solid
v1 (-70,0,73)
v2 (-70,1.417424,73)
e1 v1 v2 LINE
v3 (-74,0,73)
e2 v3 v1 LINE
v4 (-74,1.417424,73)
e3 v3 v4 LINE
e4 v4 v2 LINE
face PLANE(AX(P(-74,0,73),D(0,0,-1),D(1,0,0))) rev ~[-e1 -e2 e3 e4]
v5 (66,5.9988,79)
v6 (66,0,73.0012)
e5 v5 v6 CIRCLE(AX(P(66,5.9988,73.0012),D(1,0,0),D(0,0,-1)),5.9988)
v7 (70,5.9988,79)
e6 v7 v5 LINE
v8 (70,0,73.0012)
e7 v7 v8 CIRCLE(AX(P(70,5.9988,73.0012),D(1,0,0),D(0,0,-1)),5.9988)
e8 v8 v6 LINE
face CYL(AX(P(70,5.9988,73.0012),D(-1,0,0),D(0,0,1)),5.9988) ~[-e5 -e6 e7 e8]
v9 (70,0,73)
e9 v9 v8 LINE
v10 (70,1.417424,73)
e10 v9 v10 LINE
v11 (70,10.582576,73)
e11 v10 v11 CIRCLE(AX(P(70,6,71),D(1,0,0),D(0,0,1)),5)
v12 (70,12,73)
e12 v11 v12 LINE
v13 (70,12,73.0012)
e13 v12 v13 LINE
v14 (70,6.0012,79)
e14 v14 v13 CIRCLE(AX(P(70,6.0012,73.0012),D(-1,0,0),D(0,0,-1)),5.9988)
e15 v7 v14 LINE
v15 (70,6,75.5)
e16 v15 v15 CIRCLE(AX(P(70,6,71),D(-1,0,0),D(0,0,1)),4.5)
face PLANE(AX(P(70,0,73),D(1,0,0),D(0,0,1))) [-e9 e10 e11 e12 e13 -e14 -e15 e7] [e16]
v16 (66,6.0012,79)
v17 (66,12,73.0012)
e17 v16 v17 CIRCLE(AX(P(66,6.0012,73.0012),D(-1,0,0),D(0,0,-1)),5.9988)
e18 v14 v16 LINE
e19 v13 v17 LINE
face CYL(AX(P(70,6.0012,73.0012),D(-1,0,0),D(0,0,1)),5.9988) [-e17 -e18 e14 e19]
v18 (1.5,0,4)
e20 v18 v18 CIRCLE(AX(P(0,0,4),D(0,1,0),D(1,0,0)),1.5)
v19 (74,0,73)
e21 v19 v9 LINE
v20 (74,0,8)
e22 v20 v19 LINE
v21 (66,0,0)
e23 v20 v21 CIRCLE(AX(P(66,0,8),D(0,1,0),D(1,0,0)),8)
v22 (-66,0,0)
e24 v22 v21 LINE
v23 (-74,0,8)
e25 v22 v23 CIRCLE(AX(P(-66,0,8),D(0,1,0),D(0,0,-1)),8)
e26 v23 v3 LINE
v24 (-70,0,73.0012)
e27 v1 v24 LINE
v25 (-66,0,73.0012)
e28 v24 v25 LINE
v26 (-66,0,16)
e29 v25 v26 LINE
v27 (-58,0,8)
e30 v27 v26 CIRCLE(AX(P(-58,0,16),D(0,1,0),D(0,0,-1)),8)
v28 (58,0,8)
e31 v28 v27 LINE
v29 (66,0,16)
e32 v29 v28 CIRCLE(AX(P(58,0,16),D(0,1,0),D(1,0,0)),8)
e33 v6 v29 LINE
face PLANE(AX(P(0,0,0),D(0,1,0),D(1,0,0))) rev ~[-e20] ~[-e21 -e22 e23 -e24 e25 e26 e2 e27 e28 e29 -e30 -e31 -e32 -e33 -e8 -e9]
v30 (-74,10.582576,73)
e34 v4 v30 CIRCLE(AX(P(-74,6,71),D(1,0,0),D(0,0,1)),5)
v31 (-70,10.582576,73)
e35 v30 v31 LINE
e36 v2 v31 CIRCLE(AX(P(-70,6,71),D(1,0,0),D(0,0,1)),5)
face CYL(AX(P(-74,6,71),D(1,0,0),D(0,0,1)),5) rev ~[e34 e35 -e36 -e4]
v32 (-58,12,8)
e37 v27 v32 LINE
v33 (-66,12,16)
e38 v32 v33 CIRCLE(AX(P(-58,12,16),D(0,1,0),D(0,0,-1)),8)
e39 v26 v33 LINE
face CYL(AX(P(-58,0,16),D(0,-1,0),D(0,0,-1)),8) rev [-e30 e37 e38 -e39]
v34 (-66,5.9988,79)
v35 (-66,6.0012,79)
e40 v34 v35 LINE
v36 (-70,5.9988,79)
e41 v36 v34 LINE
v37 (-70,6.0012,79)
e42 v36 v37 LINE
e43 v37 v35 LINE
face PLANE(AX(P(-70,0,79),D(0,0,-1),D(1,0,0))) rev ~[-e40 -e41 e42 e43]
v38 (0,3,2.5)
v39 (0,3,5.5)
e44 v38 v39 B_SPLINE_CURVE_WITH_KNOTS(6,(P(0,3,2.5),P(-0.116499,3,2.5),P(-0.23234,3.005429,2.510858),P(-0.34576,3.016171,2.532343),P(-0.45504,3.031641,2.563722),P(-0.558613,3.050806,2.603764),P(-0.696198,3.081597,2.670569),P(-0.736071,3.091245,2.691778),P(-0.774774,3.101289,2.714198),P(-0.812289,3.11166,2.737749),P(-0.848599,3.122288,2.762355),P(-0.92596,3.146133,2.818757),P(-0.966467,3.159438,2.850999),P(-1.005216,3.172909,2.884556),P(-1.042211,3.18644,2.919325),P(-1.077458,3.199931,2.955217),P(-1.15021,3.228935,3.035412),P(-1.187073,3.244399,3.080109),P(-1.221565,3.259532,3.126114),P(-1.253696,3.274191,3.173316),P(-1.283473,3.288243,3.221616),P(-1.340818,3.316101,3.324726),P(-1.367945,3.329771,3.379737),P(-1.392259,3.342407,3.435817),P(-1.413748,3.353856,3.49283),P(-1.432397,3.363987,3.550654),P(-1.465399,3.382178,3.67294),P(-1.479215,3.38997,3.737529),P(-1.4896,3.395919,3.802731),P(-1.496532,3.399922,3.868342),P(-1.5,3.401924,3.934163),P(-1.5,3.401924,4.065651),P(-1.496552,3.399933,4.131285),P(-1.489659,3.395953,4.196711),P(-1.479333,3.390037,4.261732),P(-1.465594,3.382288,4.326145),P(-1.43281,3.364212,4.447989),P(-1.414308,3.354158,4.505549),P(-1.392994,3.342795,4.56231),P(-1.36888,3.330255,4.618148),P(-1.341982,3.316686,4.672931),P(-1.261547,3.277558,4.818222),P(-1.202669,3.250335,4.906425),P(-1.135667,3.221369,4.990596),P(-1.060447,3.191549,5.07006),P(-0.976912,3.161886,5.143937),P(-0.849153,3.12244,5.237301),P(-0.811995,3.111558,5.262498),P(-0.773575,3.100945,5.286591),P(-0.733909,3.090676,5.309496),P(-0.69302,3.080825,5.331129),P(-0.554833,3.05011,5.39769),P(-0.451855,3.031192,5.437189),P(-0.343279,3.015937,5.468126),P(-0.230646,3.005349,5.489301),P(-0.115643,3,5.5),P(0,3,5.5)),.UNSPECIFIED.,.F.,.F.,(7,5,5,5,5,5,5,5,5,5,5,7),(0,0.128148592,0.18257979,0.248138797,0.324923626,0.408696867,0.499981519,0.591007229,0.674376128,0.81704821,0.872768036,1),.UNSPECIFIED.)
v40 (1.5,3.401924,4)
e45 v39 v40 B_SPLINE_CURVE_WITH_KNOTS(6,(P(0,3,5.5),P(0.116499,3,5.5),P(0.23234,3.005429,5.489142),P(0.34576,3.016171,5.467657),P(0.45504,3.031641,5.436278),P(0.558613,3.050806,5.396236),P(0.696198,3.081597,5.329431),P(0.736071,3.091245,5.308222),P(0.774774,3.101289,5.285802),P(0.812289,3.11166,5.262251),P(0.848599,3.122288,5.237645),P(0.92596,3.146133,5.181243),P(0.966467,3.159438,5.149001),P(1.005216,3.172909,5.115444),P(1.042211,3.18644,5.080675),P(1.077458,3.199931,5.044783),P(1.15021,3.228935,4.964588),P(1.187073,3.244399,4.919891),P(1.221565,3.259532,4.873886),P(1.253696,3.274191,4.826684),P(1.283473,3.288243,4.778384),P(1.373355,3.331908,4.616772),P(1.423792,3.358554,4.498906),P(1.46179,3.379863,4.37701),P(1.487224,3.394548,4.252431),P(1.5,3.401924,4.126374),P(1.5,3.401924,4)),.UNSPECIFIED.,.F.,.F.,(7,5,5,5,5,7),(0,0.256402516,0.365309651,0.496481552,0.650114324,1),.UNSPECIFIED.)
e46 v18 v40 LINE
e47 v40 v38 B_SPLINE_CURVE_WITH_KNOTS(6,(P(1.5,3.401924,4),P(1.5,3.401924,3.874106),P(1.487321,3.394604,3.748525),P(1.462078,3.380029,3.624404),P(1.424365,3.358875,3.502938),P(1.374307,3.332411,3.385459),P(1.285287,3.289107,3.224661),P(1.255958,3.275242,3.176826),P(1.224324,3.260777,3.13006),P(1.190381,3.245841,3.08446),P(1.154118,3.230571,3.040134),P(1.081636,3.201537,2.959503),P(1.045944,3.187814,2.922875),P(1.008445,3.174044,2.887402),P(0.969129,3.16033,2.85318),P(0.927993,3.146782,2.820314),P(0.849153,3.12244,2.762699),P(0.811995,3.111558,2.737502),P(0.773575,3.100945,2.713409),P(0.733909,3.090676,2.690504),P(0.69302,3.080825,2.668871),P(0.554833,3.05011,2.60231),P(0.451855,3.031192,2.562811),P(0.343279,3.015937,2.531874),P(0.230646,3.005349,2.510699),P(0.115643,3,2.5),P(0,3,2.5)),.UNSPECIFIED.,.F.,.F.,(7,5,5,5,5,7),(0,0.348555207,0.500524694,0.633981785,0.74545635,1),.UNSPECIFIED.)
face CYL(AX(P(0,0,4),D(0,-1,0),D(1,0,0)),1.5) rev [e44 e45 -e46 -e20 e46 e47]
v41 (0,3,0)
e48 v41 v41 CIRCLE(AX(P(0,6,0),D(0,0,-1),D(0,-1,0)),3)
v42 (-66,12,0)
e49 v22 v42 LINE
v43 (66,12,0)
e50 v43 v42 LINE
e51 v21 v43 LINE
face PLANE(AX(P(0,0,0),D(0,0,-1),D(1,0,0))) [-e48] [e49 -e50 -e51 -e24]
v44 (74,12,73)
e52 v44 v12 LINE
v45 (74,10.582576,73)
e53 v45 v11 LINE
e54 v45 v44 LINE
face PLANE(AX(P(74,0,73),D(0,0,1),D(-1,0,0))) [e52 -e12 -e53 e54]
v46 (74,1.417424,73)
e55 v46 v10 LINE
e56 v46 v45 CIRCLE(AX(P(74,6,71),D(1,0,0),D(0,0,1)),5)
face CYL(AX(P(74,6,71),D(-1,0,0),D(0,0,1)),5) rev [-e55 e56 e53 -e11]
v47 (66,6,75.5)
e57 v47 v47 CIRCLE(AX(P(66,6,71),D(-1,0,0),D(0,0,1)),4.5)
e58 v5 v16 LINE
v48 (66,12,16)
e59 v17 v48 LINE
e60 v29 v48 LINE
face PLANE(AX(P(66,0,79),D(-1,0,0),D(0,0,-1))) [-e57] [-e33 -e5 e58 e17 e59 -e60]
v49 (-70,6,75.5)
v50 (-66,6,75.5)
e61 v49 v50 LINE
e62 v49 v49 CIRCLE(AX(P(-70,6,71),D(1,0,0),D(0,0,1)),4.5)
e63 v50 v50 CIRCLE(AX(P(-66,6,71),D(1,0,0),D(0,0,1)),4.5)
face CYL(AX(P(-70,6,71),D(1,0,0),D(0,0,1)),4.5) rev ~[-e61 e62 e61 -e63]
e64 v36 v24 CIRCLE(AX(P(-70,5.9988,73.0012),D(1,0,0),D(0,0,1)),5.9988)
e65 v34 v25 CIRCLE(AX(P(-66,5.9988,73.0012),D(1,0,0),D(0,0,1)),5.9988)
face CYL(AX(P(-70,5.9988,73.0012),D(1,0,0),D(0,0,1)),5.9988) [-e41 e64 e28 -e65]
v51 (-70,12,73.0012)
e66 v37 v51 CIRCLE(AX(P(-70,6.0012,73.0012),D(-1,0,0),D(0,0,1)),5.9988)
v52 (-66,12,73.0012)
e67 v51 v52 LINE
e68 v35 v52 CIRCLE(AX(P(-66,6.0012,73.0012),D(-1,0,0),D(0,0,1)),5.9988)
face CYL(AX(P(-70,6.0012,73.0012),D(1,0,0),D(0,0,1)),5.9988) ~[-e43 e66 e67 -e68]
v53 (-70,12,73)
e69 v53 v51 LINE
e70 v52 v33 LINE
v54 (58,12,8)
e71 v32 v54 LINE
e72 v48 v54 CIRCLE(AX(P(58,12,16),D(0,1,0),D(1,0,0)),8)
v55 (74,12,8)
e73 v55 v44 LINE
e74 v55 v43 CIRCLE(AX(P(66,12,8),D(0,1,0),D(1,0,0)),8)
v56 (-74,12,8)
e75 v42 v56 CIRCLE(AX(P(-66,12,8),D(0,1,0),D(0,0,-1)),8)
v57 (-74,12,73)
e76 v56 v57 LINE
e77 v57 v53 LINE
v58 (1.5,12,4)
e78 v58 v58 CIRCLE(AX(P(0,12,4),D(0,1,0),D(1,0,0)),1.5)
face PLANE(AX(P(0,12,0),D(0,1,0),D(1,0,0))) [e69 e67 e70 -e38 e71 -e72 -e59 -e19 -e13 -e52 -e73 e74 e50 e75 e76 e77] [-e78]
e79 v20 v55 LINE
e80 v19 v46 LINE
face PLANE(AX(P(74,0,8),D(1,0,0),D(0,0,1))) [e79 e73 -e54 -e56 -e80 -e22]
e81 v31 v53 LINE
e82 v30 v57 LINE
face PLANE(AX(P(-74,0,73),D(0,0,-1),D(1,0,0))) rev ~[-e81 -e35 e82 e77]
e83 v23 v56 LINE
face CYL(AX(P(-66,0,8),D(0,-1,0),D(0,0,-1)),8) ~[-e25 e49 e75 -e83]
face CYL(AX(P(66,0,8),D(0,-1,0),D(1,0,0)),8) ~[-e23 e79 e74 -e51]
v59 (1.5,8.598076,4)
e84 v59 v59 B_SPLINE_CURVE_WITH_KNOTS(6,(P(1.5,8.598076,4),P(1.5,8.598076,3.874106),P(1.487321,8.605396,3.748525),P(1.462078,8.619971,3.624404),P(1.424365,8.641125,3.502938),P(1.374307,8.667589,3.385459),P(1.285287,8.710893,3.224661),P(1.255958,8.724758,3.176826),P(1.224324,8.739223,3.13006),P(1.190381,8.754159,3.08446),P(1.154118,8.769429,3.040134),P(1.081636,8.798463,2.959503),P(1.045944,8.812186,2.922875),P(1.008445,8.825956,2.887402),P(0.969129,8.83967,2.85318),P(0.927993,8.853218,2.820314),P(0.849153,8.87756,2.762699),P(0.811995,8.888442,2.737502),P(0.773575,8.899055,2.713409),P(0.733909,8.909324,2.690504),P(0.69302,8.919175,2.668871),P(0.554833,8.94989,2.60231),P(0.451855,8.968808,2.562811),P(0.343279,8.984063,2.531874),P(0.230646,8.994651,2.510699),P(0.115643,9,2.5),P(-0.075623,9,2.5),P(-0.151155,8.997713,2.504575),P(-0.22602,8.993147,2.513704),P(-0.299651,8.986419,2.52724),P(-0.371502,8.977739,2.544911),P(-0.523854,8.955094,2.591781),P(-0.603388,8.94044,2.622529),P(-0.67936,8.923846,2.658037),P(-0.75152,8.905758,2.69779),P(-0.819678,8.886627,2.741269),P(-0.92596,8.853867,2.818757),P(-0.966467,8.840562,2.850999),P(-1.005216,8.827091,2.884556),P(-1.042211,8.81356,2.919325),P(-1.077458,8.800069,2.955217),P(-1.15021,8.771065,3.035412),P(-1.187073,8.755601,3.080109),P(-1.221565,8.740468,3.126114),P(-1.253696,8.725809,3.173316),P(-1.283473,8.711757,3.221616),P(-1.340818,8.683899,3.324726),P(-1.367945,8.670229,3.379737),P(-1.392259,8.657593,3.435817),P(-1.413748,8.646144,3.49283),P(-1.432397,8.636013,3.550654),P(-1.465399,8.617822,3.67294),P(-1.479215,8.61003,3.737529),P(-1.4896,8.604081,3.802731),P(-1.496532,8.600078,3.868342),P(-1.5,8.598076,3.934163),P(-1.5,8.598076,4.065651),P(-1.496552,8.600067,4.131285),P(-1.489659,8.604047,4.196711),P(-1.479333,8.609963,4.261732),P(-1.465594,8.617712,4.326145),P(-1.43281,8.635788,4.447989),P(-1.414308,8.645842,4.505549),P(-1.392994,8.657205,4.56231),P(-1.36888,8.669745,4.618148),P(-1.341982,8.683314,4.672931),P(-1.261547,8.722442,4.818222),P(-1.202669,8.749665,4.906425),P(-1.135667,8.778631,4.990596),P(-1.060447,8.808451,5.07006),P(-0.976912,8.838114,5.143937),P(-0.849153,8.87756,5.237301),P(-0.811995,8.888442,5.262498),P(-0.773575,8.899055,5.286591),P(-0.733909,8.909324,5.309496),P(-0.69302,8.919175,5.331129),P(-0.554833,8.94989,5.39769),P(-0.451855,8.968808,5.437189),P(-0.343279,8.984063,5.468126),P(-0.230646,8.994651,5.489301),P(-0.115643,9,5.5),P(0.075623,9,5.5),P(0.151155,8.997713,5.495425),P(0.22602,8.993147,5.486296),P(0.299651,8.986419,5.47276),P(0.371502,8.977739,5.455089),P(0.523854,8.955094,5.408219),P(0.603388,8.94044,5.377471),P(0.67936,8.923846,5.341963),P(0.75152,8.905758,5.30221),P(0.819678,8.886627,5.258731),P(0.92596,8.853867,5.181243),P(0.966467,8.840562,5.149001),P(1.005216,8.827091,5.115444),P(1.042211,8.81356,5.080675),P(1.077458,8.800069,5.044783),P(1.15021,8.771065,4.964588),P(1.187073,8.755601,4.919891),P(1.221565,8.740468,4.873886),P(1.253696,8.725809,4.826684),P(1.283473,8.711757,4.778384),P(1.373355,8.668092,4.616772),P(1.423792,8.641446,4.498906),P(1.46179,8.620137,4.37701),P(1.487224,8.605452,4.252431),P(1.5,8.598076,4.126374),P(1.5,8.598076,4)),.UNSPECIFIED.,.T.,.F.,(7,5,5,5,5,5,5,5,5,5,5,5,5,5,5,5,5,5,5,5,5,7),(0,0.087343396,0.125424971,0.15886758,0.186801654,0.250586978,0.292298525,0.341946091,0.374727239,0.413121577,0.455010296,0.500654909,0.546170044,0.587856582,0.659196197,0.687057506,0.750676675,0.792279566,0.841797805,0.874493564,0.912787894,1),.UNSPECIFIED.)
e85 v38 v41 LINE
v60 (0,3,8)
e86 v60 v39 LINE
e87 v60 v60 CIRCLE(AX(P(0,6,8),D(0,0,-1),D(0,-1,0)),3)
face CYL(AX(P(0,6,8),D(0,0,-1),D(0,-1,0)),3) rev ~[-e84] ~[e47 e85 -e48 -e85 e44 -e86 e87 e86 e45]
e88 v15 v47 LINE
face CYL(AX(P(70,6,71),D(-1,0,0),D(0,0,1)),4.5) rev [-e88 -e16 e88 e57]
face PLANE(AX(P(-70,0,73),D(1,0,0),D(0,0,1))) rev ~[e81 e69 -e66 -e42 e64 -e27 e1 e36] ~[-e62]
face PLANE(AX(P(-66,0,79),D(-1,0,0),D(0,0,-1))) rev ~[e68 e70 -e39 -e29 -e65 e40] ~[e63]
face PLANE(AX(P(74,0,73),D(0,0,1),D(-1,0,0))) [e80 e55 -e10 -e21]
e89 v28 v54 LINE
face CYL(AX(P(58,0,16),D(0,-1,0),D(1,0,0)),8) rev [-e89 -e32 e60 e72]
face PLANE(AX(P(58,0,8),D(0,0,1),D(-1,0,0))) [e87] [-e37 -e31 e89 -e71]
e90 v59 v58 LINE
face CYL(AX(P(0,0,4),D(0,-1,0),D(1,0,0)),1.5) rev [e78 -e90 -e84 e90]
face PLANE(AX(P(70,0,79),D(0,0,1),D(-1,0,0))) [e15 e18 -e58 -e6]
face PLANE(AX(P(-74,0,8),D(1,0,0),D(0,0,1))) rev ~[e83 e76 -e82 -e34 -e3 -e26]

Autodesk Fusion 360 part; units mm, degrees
sketch "Sketch1" plane through (0, 0, 0) normal (0, 1, 0) x (1, 0, 0)
  line L0 (0, 0) -> (66, 0)
  line L1 (0, 0) -> (0, -8) construction
  line L2 (74, -8) -> (74, -73)
  line L3 (74, -73) -> (70, -73)
  line L4 (70, -73) -> (70, -79)
  line L5 (70, -79) -> (66, -79)
  line L6 (66, -79) -> (66, -16)
  line L7 (58, -8) -> (0, -8)
  arc A0 (66, -16) -> (58, -8) centre (58, -16) ccw
  arc A1 (74, -8) -> (66, 0) centre (66, -8) ccw
  line L8 (-58, -8) -> (0, -8)
  line L9 (0, 0) -> (-66, 0)
  arc A2 (-66, 0) -> (-74, -8) centre (-66, -8) ccw
  line L10 (-74, -8) -> (-74, -73)
  arc A3 (-58, -8) -> (-66, -16) centre (-58, -16) ccw
  line L11 (-66, -79) -> (-66, -16)
  line L12 (-70, -79) -> (-66, -79)
  line L13 (-70, -73) -> (-70, -79)
  line L14 (-74, -73) -> (-70, -73)
  circle A4 centre (0, -4) radius 1.5
  point P0 (74, 0)
  point P1 (66, -8)
  dimension "d1" = 74
  dimension "d2" = 8
  dimension "d3" = 73
  dimension "d4" = 4
  dimension "d5" = 6
  dimension "d6" = 4
  dimension "d7" = 71
  dimension "d8" = 8
  dimension "d9" = 8
  dimension "d10" = 3
extrude "Extrude1" add sketch "Sketch1" along normal blind 12
fillet "Fillet1" radius 6 4 edges at (68, 12, 79) (68, 0, 79) (-68, 12, 79) (-68, 0, 79)
sketch "Sketch2" plane through (-74, 0, 0) normal (1, 0, 0) x (0, 1, 0)
  arc A0 (12, 73) -> (0, 73) centre (6, 73) ccw
  line L0 (0, 73) -> (0, 16)
  line L1 (0, 16) -> (12, 16)
  line L2 (12, 16) -> (12, 73)
  line L3 (6, 16) -> (6, 71) construction
  circle A1 centre (6, 71) radius 4.5
  line L4 (0, 8) -> (0, 73)
  line L5 (0, 73) -> (12, 73)
  line L6 (12, 73) -> (12, 8)
  line L7 (12, 8) -> (0, 8)
  dimension "d15" = 55
  dimension "d16" = 9
hole "Hole1" at (-74, 6, 71) direction (1, 0, 0) diameter 9 depth 10 tip angle 118 counterbore diameter 10 counterbore depth 4
mirror "Mirror1" about plane through (0, 0, 0) normal (1, 0, 0) of "Hole1"
sketch "Sketch3" plane through (0, 0, 8) normal (0, 0, 1) x (-1, 0, 0)
  line L0 (58, 0) -> (-58, 0)
  line L1 (-58, 0) -> (-58, -12)
  line L2 (-58, -12) -> (58, -12)
  line L3 (58, -12) -> (58, 0)
  line L4 (0, 0) -> (0, -6) construction
  circle A0 centre (0, -6) radius 3
  dimension "d24" = 6
  dimension "d25" = 6
hole "Hole2" at (0, 6, 8) direction (0, 0, -1) diameter 6 depth 10 tip angle 118
